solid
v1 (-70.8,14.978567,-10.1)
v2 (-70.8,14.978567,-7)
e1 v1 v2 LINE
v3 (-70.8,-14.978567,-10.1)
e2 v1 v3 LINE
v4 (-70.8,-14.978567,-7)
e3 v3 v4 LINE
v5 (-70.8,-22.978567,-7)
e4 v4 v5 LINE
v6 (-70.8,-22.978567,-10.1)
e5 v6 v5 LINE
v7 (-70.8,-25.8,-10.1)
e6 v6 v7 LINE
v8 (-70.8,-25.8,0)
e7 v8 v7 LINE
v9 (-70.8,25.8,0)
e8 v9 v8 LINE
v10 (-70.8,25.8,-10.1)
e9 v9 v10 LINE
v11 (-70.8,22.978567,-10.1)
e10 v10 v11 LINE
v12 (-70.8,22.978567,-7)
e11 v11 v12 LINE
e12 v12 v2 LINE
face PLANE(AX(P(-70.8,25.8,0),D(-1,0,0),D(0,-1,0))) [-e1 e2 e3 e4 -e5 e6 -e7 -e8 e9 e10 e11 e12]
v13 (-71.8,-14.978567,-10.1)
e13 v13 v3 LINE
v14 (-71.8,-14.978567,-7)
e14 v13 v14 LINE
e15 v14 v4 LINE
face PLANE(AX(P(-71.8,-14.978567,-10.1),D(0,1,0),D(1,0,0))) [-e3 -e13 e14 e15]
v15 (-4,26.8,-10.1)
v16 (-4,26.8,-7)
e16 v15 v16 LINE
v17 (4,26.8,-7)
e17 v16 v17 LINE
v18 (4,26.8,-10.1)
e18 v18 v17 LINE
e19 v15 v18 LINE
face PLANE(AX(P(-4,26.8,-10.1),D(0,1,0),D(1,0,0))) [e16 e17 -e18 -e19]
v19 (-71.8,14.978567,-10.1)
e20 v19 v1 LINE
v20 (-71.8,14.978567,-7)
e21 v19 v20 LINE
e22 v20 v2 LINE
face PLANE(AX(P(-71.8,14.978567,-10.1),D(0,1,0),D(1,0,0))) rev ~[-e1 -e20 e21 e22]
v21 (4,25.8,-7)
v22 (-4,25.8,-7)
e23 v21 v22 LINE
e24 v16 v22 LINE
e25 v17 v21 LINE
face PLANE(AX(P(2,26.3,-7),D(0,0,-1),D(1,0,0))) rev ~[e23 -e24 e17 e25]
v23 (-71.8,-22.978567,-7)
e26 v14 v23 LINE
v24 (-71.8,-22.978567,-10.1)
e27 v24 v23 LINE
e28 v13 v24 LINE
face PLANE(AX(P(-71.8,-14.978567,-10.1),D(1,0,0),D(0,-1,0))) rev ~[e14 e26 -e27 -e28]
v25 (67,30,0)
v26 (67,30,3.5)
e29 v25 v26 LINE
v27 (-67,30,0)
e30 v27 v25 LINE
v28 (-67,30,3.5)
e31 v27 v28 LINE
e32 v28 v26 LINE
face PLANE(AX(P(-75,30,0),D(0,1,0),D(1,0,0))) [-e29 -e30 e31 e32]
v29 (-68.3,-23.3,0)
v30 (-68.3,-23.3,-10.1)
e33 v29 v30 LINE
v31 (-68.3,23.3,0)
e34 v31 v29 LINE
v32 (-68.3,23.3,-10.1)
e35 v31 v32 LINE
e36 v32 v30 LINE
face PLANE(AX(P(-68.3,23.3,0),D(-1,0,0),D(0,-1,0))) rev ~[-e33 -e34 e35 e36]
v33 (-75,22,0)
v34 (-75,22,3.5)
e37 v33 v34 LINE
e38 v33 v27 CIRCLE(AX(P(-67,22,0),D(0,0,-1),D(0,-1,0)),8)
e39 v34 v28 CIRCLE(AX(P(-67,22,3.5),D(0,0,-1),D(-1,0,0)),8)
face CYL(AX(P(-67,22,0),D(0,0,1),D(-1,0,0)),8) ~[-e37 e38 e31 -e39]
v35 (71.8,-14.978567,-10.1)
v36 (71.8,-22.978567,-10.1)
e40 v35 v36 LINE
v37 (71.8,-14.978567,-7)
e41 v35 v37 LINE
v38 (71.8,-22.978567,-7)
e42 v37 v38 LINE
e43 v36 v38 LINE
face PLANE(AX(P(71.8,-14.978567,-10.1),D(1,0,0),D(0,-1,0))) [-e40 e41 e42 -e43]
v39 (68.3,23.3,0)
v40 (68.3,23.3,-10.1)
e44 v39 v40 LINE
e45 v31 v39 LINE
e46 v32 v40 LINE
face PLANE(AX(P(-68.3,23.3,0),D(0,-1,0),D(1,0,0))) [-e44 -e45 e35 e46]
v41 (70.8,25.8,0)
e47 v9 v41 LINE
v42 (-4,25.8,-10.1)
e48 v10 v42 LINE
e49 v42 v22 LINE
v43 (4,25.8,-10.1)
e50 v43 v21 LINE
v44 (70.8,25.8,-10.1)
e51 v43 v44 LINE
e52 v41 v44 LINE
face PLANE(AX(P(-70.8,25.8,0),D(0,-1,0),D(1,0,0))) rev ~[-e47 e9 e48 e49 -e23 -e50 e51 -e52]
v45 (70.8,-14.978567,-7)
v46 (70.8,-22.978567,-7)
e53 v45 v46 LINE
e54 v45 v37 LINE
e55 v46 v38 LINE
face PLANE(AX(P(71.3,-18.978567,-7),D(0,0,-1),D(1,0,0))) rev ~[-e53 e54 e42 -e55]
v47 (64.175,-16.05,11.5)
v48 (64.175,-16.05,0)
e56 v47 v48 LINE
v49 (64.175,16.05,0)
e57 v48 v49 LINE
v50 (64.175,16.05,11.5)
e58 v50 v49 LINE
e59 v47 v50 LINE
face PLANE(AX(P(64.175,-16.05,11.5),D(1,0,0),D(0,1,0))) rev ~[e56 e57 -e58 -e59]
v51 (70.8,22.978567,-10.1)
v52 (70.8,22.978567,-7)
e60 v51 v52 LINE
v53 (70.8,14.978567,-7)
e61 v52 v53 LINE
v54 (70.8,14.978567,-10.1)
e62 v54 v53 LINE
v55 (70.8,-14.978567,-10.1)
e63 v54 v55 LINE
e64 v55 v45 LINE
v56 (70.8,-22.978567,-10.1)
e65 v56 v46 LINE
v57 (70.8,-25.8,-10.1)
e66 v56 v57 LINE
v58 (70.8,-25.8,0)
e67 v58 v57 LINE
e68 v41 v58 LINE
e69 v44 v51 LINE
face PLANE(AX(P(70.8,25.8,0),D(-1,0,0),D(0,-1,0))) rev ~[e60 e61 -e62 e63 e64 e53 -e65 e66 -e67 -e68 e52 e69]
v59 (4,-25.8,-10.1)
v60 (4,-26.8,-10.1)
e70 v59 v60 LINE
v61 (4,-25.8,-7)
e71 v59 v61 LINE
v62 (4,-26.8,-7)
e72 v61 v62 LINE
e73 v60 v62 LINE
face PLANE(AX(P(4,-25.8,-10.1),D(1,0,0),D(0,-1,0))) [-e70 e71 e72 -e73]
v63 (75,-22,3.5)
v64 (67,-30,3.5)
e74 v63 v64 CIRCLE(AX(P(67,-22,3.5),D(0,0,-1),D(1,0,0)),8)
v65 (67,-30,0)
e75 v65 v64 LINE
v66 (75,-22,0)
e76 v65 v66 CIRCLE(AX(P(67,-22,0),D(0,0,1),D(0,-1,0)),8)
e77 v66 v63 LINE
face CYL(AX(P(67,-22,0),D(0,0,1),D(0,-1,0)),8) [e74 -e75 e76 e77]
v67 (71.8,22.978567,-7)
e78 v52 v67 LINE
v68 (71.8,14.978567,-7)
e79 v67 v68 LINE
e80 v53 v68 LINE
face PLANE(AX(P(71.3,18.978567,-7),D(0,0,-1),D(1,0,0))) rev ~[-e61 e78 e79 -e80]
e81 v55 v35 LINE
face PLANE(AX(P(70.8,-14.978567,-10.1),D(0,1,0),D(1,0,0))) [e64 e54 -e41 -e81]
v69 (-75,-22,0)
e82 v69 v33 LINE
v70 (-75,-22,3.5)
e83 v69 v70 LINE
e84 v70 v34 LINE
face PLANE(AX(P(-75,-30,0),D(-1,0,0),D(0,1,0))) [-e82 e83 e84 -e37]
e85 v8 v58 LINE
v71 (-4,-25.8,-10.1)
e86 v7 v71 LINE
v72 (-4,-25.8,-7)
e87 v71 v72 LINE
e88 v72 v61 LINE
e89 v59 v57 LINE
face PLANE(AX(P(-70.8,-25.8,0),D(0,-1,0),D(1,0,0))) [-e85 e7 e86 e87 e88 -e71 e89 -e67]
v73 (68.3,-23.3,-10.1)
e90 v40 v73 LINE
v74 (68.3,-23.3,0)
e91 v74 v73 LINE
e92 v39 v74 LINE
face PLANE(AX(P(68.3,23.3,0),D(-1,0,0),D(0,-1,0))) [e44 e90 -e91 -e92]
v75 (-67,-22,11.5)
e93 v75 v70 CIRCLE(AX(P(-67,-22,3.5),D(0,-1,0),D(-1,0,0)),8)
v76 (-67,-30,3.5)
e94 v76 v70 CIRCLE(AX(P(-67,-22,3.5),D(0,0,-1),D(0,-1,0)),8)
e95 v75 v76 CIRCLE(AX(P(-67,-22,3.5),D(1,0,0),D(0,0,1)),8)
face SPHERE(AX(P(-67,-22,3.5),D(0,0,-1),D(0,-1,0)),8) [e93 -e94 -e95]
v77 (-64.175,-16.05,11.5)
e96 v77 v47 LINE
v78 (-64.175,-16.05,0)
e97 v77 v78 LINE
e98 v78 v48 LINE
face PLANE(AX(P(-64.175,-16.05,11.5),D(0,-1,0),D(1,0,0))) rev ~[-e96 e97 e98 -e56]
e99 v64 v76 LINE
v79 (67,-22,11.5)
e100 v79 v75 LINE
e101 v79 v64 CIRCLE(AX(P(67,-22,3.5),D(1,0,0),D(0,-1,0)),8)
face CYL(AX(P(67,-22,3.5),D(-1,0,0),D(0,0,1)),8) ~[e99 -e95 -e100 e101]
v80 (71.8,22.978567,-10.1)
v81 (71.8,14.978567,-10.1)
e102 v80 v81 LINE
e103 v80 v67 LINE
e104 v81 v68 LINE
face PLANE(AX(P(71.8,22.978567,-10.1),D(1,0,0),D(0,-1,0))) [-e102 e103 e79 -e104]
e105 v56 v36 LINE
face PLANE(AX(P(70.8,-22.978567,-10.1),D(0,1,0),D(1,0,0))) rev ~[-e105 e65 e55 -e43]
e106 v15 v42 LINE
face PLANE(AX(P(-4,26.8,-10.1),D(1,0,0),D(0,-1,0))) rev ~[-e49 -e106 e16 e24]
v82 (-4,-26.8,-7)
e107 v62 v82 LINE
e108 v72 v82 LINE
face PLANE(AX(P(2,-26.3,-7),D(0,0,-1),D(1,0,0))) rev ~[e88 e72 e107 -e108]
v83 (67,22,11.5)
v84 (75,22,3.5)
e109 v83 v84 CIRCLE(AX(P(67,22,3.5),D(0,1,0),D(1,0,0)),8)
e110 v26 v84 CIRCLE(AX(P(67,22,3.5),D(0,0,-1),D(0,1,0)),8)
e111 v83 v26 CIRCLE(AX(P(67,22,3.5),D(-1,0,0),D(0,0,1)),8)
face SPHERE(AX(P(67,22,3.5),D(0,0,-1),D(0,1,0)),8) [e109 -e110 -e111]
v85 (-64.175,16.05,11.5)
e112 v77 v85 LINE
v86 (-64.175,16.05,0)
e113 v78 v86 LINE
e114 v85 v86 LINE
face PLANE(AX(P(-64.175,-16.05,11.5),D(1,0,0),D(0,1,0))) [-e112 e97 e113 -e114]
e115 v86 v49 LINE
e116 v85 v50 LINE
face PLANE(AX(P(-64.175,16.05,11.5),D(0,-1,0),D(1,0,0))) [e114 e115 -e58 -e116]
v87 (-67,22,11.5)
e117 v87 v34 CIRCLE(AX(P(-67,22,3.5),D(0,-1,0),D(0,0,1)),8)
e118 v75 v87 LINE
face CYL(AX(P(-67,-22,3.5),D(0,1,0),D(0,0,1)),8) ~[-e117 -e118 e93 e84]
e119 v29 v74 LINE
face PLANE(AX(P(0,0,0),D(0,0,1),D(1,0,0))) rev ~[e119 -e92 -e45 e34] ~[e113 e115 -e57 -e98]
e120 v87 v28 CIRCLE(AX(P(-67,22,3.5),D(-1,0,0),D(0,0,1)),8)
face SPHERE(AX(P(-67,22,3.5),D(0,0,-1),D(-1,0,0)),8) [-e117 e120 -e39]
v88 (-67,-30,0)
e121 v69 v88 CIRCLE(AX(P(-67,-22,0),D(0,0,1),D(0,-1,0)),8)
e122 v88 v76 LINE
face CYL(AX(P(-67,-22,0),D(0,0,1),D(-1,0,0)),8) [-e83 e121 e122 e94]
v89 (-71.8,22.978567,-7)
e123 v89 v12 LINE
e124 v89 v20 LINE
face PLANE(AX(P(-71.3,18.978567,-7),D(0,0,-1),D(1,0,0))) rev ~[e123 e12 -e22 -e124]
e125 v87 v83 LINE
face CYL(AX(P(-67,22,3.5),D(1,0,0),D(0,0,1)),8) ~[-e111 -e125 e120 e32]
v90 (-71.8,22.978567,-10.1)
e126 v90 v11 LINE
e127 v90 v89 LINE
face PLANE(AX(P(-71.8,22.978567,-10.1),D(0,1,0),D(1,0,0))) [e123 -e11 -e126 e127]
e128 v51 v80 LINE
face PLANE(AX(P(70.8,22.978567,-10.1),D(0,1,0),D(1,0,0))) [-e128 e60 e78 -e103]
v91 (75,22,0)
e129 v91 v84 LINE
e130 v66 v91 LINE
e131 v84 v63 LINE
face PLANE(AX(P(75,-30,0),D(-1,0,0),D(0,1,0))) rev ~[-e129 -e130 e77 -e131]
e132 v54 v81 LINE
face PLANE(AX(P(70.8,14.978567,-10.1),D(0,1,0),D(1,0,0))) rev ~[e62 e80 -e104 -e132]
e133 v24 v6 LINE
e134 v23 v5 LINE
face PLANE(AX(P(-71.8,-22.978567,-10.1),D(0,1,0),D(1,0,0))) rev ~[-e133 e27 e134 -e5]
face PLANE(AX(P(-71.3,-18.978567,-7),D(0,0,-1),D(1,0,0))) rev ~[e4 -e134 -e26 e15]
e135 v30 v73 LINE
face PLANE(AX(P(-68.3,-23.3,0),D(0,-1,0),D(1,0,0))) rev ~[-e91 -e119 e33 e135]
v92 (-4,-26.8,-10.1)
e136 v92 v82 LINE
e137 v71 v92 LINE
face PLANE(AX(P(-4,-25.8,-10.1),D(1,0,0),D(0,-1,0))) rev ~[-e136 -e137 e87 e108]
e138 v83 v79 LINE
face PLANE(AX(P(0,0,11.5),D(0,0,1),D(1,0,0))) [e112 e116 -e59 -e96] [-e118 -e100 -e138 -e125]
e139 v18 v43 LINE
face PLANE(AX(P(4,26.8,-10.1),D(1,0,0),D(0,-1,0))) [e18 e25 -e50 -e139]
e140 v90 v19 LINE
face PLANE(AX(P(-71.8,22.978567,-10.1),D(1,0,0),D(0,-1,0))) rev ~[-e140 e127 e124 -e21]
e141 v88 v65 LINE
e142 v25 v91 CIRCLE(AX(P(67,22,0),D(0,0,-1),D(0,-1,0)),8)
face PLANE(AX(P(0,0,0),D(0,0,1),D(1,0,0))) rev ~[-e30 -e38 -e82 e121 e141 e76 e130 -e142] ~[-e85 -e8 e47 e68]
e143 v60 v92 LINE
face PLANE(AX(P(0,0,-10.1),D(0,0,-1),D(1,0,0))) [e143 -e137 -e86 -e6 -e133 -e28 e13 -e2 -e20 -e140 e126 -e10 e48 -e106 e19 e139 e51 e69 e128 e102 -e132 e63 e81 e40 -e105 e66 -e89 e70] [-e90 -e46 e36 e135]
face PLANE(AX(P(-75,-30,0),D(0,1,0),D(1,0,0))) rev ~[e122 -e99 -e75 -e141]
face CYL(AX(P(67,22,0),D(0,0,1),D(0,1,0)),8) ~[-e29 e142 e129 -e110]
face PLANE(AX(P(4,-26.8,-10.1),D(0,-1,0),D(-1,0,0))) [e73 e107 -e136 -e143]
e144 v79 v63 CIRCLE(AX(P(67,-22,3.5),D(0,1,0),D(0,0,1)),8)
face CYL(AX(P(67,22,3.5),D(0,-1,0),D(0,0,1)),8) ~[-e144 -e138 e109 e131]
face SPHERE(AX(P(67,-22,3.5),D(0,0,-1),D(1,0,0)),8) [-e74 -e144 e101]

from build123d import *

# Parameters (mm, degrees)
F0_W      = 150
F0_H      = 60
F1_DEPTH  = 11.5
F2_W      = 128.35
F2_H      = 32.1
F3_DEPTH  = 11.5
F4_R      = 8
F5_W      = 141.6
F5_H      = 51.6
F5_W_2    = 136.6
F5_H_2    = 46.6
F6_DEPTH  = 10.1
F7_R      = 8
F8_W      = 1
F8_H      = 8
F8_W_2    = 4
F8_H_2    = 1
F10_DEPTH = 3.1


with BuildPart() as f1:
    # F0 (on Top) → F1 (new body)
    with BuildSketch(Plane.XY):
        Rectangle(F0_W, F0_H)
    extrude(amount=F1_DEPTH)

    # F2 (on face) → F3 (cut, through all)
    with BuildSketch(Plane.XY.offset(11.5)):
        Rectangle(F2_W, F2_H)
    extrude(amount=-F3_DEPTH, mode=Mode.SUBTRACT)

    # F4
    f4_edges = [f1.edges().sort_by_distance(p)[0] for p in [
        (-75, 30, 5.75),
        (75, 30, 5.75),
        (75, -30, 5.75),
        (-75, -30, 5.75),
    ]]
    fillet(f4_edges, radius=F4_R)

    # F5 (on face) → F6 (join)
    with BuildSketch(Plane(origin=(0, 0, 0), x_dir=(1, 0, 0), z_dir=(0, 0, -1))):
        Rectangle(F5_W, F5_H)
        Rectangle(F5_W_2, F5_H_2, mode=Mode.SUBTRACT)
    extrude(amount=F6_DEPTH)

    # F7
    f7_edges = [f1.edges().sort_by_distance(p)[0] for p in [
        (0, 30, 11.5),
    ]]
    fillet(f7_edges, radius=F7_R)

    # F8 (on face) → F10 (join, through all)
    with BuildSketch(Plane(origin=(0, 0, -10.1), x_dir=(1, 0, 0), z_dir=(0, 0, -1))):
        with Locations((-71.3, 18.978567)):
            Rectangle(F8_W, F8_H)
        with Locations((71.3, 18.978567)):
            Rectangle(F8_W, F8_H)
        with Locations((-71.3, -18.978567)):
            Rectangle(F8_W, F8_H)
        with Locations((71.3, -18.978567)):
            Rectangle(F8_W, F8_H)
        with Locations((2, 26.3)):
            Rectangle(F8_W_2, F8_H_2)
        with Locations((-2, 26.3)):
            Rectangle(F8_W_2, F8_H_2)
        with Locations((2, -26.3)):
            Rectangle(F8_W_2, F8_H_2)
        with Locations((-2, -26.3)):
            Rectangle(F8_W_2, F8_H_2)
    extrude(amount=-F10_DEPTH)


solid = f1.part
